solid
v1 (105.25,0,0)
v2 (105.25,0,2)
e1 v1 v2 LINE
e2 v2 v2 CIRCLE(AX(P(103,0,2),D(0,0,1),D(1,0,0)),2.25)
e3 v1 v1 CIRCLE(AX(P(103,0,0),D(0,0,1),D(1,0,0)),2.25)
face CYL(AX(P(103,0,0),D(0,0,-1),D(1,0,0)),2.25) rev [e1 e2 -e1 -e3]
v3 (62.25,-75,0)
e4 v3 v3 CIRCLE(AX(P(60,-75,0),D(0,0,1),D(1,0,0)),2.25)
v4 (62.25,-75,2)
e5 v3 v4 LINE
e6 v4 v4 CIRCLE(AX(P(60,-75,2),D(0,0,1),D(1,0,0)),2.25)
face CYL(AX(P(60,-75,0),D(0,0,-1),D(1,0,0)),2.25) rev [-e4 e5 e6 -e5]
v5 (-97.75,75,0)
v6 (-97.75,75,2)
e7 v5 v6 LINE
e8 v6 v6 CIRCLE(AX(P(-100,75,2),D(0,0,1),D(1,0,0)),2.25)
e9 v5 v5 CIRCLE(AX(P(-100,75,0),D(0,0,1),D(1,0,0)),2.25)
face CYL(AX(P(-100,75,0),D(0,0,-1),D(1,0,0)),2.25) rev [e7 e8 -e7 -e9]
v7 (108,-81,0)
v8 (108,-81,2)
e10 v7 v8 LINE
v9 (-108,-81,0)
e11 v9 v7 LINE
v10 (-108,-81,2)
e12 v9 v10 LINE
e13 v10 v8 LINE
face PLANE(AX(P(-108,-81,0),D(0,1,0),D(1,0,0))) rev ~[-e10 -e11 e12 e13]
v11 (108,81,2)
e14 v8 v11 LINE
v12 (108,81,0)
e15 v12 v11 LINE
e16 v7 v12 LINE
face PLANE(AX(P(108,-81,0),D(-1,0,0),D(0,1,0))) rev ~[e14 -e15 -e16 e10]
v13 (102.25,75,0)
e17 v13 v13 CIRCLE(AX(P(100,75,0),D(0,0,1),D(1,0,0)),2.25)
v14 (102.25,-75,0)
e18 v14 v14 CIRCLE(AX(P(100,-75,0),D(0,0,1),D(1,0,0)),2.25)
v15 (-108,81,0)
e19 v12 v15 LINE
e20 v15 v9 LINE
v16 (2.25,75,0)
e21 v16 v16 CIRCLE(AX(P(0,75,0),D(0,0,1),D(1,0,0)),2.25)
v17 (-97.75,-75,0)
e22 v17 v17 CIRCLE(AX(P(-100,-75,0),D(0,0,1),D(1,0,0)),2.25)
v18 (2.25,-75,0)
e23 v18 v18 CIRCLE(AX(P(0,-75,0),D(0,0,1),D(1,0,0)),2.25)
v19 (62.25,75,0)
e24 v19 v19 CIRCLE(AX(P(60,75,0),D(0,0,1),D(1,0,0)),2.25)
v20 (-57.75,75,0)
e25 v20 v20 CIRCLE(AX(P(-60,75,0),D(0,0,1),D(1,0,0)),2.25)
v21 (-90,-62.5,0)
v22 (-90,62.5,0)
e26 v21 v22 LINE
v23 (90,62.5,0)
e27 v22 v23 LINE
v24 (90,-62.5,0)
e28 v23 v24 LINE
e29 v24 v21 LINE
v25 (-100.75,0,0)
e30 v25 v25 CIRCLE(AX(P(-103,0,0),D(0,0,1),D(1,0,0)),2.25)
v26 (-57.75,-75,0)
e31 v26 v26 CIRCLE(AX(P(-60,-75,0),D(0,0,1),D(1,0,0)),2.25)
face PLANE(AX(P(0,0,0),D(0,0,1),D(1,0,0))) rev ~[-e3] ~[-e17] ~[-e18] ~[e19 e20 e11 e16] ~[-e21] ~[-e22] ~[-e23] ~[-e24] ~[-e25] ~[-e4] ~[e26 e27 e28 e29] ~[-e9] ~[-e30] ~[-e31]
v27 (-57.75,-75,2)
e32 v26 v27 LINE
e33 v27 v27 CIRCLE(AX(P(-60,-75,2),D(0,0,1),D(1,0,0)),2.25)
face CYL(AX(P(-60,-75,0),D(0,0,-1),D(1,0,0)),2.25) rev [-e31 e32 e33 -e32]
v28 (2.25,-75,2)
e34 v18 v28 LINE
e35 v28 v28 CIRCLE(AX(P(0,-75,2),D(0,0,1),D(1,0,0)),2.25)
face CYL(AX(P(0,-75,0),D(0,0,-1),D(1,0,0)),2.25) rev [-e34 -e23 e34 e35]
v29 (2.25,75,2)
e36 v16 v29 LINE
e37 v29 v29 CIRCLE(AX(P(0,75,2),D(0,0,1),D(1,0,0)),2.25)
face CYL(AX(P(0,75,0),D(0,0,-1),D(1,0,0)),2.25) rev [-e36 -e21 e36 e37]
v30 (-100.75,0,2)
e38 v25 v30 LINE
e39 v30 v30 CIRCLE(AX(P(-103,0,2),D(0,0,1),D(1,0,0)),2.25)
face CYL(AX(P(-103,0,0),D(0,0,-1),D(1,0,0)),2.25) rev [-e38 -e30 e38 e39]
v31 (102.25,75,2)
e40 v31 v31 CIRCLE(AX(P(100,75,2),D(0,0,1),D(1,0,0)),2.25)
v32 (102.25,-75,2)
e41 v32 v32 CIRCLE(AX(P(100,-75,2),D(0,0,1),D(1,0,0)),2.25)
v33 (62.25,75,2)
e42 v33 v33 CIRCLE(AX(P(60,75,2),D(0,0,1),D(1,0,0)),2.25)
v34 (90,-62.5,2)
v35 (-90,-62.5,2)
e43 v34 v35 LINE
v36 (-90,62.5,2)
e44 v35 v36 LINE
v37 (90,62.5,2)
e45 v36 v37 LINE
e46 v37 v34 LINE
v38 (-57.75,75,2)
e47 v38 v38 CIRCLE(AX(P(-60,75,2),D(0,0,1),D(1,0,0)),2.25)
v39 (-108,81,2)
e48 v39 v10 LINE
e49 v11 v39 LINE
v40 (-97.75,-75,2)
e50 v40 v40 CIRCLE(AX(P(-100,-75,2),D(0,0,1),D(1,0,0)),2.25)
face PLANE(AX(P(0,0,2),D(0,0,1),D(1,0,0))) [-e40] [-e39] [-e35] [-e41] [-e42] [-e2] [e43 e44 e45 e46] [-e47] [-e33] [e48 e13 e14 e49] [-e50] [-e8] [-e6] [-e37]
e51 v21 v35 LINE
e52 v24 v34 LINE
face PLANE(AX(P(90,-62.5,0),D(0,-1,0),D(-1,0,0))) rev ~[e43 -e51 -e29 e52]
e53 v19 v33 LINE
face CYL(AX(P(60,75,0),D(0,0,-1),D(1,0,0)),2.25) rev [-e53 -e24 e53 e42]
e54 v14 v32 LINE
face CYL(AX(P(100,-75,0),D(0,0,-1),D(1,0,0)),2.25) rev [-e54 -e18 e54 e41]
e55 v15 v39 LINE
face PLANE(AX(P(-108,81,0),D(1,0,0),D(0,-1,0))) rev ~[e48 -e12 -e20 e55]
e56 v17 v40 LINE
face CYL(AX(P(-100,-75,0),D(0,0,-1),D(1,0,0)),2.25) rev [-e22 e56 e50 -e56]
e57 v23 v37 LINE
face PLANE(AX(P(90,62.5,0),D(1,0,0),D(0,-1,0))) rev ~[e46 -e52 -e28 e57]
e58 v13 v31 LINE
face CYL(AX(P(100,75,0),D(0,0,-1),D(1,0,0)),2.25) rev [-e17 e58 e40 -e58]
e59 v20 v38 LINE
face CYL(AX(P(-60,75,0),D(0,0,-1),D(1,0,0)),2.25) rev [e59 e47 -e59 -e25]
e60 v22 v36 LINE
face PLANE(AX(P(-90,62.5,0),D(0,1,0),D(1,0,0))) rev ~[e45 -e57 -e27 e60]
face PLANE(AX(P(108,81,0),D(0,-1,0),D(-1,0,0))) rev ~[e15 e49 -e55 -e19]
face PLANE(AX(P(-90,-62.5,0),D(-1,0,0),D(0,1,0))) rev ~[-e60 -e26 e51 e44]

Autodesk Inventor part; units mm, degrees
ref_plane "YZ Plane" through (0, 0, 0) normal (1, 0, 0) x (0, 1, 0)
ref_plane "XZ Plane" through (0, 0, 0) normal (0, 1, 0) x (-1, 0, 0)
ref_plane "XY Plane" through (0, 0, 0) normal (0, 0, 1) x (1, 0, 0)
sketch "Skizze1" plane through (0, 0, 0) normal (0, 0, 1) x (1, 0, 0)
  line L0 (-108, 81) -> (-108, -81)
  line L1 (108, 81) -> (-108, 81)
  line L2 (-108, -81) -> (108, -81)
  line L3 (108, -81) -> (108, 81)
  line L4 (-90, 62.5) -> (90, 62.5)
  line L5 (90, 62.5) -> (90, -62.5)
  line L6 (90, -62.5) -> (-90, -62.5)
  line L7 (-90, -62.5) -> (-90, 62.5)
  circle A0 centre (100, -75) radius 2.25
  circle A1 centre (60, -75) radius 2.25
  circle A2 centre (0, -75) radius 2.25
  circle A3 centre (-60, -75) radius 2.25
  circle A4 centre (-100, -75) radius 2.25
  circle A5 centre (103, 0) radius 2.25
  circle A6 centre (-103, 0) radius 2.25
  circle A7 centre (100, 75) radius 2.25
  circle A8 centre (60, 75) radius 2.25
  circle A9 centre (0, 75) radius 2.25
  circle A10 centre (-60, 75) radius 2.25
  circle A11 centre (-100, 75) radius 2.25
  line L8 (-108, 81) -> (108, 81)
  line L9 (108, 81) -> (108, -81)
  line L10 (108, -81) -> (-108, -81)
  line L11 (-108, -81) -> (-108, 81)
  line L12 (90, 62.5) -> (-90, 62.5)
  line L13 (-90, 62.5) -> (-90, -62.5)
  line L14 (-90, -62.5) -> (90, -62.5)
  line L15 (90, -62.5) -> (90, 62.5)
  dimension "d1" = 180
  dimension "d2" = 125
  dimension "d3" = 162
  dimension "d4" = 216
extrude "Grobblech2" add sketch "Skizze1" along normal blind 2
ref_plane "Mittelebene" through (-108, 0, 0) normal (0, 1, 0) x (1, 0, 0)
equation "\"d5\" = Stärke"
equation "\"Biegeradius\" = Stärke"
equation "\"BreiteBiegungsfreistellung\" = Stärke"
equation "\"TiefeBiegungsfreistellung\" = 0.5 * Stärke"
equation "\"GrößeEckenfreistellung\" = 4 * Stärke"
equation "\"MinimalRest\" = 2 * Stärke"
equation "\"Übergangsradius\" = Biegeradius"
equation "\"JacobiRadiusGröße\" = Biegeradius"
equation "\"Abstandsgröße\" = Stärke"
equation "\"Stärke\" = 2"
properties part number "Gegenhalter" material "Edelstahl"
